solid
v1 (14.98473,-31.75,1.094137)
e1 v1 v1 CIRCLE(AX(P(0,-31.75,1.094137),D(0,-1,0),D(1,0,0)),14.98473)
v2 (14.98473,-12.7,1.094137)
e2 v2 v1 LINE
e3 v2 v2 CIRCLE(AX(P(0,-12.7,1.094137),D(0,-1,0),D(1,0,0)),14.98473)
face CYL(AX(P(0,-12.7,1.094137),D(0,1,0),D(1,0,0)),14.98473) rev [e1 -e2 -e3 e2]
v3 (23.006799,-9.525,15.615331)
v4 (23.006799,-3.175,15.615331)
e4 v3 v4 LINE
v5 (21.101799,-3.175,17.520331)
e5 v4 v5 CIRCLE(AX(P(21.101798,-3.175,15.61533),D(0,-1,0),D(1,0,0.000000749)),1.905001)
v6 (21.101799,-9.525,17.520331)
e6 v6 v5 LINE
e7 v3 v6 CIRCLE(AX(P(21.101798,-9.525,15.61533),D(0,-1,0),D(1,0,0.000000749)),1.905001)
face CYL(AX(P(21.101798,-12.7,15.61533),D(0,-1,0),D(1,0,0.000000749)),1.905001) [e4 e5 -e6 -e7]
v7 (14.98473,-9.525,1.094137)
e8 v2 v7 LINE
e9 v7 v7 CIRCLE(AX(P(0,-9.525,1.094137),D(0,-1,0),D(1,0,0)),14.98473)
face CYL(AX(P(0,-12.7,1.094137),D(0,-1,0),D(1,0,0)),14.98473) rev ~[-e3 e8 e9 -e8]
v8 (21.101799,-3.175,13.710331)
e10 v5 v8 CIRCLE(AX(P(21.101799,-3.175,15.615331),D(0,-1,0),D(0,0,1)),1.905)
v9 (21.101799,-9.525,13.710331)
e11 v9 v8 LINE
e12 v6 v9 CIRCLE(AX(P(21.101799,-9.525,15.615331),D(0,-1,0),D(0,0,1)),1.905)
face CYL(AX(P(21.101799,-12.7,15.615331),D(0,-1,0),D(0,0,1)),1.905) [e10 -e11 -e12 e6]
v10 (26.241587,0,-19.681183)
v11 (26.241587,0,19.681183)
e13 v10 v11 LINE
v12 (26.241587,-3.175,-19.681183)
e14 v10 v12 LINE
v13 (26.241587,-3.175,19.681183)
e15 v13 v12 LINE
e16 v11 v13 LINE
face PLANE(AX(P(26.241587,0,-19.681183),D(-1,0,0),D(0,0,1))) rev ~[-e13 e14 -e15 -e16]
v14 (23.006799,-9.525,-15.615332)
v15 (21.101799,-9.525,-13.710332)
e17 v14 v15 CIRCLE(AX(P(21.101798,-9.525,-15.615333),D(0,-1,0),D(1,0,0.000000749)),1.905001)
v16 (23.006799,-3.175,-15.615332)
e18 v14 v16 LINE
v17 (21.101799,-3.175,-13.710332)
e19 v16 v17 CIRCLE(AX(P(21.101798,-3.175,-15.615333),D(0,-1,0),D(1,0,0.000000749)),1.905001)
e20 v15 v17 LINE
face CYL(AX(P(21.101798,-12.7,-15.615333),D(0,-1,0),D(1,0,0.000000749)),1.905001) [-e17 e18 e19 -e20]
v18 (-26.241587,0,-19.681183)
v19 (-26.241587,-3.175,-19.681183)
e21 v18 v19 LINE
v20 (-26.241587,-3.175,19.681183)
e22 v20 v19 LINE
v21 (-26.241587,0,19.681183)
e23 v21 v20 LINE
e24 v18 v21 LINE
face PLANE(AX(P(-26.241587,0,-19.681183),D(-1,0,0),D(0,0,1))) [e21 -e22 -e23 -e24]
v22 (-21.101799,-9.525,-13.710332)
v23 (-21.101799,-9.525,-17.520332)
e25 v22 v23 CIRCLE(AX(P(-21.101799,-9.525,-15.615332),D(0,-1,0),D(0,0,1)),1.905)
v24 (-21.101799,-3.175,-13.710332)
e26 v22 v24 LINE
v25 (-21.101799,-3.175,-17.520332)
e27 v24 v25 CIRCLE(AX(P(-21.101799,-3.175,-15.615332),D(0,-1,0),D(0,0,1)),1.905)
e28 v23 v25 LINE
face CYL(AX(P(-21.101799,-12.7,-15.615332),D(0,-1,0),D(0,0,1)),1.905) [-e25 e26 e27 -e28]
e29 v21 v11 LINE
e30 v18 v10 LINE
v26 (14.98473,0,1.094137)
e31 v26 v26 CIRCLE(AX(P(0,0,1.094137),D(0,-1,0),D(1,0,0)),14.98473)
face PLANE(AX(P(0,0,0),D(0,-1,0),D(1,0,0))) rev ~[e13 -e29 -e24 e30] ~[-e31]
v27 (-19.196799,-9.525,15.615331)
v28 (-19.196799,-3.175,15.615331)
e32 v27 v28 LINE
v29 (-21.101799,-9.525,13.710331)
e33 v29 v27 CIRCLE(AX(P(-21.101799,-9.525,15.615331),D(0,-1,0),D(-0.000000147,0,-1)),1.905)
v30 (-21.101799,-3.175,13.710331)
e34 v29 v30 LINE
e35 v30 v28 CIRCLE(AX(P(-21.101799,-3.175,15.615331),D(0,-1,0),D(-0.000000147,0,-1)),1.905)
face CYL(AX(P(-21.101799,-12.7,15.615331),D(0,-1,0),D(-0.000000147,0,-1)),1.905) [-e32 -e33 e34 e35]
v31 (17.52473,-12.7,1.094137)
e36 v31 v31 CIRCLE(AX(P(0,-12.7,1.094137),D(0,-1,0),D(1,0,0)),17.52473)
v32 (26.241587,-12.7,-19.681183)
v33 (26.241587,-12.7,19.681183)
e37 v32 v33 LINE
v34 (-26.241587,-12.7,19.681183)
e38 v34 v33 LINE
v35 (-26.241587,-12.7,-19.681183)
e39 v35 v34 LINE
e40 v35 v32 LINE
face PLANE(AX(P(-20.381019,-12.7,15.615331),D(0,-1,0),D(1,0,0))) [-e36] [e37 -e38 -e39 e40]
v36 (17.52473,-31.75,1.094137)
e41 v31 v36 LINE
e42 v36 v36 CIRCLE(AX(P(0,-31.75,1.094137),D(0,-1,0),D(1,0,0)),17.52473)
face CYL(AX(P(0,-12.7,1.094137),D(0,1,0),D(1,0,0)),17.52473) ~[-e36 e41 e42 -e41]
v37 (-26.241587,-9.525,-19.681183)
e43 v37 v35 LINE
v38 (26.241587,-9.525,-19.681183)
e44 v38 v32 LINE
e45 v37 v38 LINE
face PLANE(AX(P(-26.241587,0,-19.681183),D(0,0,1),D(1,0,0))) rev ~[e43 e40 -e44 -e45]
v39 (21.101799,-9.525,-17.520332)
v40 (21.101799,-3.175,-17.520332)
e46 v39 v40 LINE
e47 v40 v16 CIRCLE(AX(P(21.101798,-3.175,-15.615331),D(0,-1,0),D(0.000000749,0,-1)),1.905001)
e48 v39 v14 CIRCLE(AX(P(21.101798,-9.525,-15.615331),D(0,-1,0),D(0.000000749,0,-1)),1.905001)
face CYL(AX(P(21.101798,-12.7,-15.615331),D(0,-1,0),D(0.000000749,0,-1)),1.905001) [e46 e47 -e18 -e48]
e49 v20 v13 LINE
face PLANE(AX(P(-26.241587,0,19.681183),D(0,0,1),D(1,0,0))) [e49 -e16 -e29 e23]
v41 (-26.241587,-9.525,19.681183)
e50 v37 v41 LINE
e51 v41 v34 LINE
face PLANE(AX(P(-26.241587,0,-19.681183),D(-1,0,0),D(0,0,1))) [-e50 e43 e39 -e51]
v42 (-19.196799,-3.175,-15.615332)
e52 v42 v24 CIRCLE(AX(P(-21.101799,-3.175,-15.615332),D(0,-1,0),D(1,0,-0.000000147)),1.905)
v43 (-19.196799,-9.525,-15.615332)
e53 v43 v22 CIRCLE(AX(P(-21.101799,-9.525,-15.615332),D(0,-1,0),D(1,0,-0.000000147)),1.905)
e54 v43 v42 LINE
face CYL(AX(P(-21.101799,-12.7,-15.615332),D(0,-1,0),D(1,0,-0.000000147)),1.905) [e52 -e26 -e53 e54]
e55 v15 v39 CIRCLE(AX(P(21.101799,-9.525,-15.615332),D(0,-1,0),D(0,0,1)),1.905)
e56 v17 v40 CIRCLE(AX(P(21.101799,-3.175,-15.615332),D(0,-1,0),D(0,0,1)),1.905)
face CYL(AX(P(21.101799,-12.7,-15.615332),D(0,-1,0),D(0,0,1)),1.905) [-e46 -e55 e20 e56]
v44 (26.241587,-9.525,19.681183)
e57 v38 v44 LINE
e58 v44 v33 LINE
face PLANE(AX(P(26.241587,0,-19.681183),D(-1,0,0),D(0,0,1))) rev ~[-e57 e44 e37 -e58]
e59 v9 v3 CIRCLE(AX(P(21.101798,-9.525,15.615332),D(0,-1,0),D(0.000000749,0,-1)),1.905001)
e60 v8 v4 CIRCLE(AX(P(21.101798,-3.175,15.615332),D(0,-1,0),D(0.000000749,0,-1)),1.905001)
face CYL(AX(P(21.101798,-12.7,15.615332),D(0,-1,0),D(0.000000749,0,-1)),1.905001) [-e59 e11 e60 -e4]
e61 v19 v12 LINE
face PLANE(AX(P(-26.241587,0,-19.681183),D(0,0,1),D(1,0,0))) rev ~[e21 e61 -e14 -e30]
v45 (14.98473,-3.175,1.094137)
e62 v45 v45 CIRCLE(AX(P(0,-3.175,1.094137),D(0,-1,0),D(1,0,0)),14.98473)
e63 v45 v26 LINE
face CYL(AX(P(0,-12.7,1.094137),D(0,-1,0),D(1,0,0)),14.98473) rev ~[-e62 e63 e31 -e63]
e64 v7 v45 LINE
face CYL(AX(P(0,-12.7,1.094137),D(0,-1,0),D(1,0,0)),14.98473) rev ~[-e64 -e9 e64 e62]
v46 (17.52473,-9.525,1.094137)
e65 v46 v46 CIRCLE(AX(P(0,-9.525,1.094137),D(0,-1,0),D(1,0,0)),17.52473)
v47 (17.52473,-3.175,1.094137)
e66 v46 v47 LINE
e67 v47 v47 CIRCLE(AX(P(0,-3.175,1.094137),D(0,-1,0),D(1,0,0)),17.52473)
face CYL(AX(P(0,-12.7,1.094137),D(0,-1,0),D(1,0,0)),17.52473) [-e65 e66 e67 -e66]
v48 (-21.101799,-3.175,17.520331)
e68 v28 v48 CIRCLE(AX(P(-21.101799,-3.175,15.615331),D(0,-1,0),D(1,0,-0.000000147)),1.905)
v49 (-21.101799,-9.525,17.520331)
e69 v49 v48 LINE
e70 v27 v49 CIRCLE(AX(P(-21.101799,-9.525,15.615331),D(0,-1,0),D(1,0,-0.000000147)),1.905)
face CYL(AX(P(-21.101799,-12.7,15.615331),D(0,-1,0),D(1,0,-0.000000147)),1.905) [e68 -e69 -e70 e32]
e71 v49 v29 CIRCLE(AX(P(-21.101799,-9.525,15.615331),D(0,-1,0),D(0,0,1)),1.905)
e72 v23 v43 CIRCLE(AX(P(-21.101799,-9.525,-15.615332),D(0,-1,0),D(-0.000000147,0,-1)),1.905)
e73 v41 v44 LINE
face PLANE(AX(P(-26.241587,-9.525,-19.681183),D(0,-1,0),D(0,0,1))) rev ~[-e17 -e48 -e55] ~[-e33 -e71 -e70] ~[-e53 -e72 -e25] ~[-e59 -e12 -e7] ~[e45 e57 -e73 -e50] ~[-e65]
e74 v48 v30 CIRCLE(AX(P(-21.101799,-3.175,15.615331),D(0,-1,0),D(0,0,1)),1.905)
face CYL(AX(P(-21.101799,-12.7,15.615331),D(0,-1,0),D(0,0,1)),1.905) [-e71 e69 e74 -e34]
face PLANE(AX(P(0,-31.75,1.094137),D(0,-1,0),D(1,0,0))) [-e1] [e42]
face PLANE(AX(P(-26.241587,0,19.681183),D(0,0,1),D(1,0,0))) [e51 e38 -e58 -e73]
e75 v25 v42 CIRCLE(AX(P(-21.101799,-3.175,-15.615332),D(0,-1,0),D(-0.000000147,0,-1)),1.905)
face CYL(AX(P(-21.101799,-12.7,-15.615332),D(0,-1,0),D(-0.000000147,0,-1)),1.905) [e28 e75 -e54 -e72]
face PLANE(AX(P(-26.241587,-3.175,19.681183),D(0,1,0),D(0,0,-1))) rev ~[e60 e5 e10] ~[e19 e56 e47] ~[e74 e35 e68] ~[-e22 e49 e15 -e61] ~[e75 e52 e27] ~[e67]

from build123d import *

# Parameters (mm, degrees)
F0_W     = 52.483174
F0_H     = 39.362366
F1_DEPTH = 12.7
F3_DEPTH = 52.484174
F4_R     = 17.52473
F4_R_2   = 14.98473
F5_DEPTH = 12.7
F6_DEPTH = 19.05
F7_DEPTH = 25.4


with BuildPart() as f1:
    # F0 (on Front) → F1 (new body)
    with BuildSketch(Plane.XZ):
        Rectangle(F0_W, F0_H)
    extrude(amount=F1_DEPTH)

    # F2 (on face) → F3 (cut, through all)
    with BuildSketch(Plane(origin=(-26.241587, 0, 0), x_dir=(0, -1, 0), z_dir=(-1, 0, 0))):
        Polygon((6.35, 19.681183), (3.175, 19.681183), (3.175, -19.681183), (6.35, -19.681183), (9.525, -19.681183), (9.525, 19.681183), align=None)
    extrude(amount=-F3_DEPTH, mode=Mode.SUBTRACT)

    # F4 (on face) → F5 (join)
    with BuildSketch(Plane.XZ.offset(12.7)):
        with BuildLine():
            ThreePointArc((-19.196799, 15.615331), (-19.75476, 16.962369), (-21.101799, 17.520331))
            Line((-21.101799, 17.520331), (-21.101799, 15.615331))
            Line((-21.101799, 15.615331), (-21.101799, 13.710331))
            ThreePointArc((-21.101799, 13.710331), (-19.75476, 14.268293), (-19.196799, 15.615331))
        make_face()
        with BuildLine():
            ThreePointArc((-19.196799, -15.615332), (-19.75476, -14.268294), (-21.101799, -13.710332))
            Line((-21.101799, -13.710332), (-21.101799, -15.615332))
            Line((-21.101799, -15.615332), (-21.101799, -17.520332))
            ThreePointArc((-21.101799, -17.520332), (-19.75476, -16.96237), (-19.196799, -15.615332))
        make_face()
        with BuildLine():
            Line((-21.101799, -15.615332), (-21.101799, -13.710332))
            ThreePointArc((-21.101799, -13.710332), (-23.006799, -15.615332), (-21.101799, -17.520332))
            Line((-21.101799, -17.520332), (-21.101799, -15.615332))
        make_face()
        with BuildLine():
            Line((-21.101799, 15.615331), (-21.101799, 17.520331))
            ThreePointArc((-21.101799, 17.520331), (-23.006799, 15.615331), (-21.101799, 13.710331))
            Line((-21.101799, 13.710331), (-21.101799, 15.615331))
        make_face()
        with BuildLine():
            ThreePointArc((23.006799, 15.615331), (22.448837, 16.962369), (21.101799, 17.520331))
            Line((21.101799, 17.520331), (21.101799, 15.615331))
            Line((21.101799, 15.615331), (21.101799, 13.710331))
            ThreePointArc((21.101799, 13.710331), (22.448837, 14.268293), (23.006799, 15.615331))
        make_face()
        with BuildLine():
            ThreePointArc((23.006799, -15.615332), (22.448837, -14.268294), (21.101799, -13.710332))
            Line((21.101799, -13.710332), (21.101799, -15.615332))
            Line((21.101799, -15.615332), (21.101799, -17.520332))
            ThreePointArc((21.101799, -17.520332), (22.448837, -16.96237), (23.006799, -15.615332))
        make_face()
        with BuildLine():
            Line((21.101799, -15.615332), (21.101799, -13.710332))
            ThreePointArc((21.101799, -13.710332), (19.196799, -15.615332), (21.101799, -17.520332))
            Line((21.101799, -17.520332), (21.101799, -15.615332))
        make_face()
        with BuildLine():
            Line((21.101799, 15.615331), (21.101799, 17.520331))
            ThreePointArc((21.101799, 17.520331), (19.196799, 15.615331), (21.101799, 13.710331))
            Line((21.101799, 13.710331), (21.101799, 15.615331))
        make_face()
        with Locations((0, 1.094137)):
            Circle(F4_R)
        with Locations((0, 1.094137)):
            Circle(F4_R_2, mode=Mode.SUBTRACT)
    extrude(amount=-F5_DEPTH)

    # F4 (on face) → F6 (join)
    with BuildSketch(Plane.XZ.offset(12.7)):
        with Locations((0, 1.094137)):
            Circle(F4_R)
        with Locations((0, 1.094137)):
            Circle(F4_R_2, mode=Mode.SUBTRACT)
    extrude(amount=F6_DEPTH)

    # F4 (on face) → F7 (cut)
    with BuildSketch(Plane.XZ.offset(12.7)):
        with Locations((0, 1.094137)):
            Circle(F4_R_2)
    extrude(amount=-F7_DEPTH, mode=Mode.SUBTRACT)


solid = f1.part
